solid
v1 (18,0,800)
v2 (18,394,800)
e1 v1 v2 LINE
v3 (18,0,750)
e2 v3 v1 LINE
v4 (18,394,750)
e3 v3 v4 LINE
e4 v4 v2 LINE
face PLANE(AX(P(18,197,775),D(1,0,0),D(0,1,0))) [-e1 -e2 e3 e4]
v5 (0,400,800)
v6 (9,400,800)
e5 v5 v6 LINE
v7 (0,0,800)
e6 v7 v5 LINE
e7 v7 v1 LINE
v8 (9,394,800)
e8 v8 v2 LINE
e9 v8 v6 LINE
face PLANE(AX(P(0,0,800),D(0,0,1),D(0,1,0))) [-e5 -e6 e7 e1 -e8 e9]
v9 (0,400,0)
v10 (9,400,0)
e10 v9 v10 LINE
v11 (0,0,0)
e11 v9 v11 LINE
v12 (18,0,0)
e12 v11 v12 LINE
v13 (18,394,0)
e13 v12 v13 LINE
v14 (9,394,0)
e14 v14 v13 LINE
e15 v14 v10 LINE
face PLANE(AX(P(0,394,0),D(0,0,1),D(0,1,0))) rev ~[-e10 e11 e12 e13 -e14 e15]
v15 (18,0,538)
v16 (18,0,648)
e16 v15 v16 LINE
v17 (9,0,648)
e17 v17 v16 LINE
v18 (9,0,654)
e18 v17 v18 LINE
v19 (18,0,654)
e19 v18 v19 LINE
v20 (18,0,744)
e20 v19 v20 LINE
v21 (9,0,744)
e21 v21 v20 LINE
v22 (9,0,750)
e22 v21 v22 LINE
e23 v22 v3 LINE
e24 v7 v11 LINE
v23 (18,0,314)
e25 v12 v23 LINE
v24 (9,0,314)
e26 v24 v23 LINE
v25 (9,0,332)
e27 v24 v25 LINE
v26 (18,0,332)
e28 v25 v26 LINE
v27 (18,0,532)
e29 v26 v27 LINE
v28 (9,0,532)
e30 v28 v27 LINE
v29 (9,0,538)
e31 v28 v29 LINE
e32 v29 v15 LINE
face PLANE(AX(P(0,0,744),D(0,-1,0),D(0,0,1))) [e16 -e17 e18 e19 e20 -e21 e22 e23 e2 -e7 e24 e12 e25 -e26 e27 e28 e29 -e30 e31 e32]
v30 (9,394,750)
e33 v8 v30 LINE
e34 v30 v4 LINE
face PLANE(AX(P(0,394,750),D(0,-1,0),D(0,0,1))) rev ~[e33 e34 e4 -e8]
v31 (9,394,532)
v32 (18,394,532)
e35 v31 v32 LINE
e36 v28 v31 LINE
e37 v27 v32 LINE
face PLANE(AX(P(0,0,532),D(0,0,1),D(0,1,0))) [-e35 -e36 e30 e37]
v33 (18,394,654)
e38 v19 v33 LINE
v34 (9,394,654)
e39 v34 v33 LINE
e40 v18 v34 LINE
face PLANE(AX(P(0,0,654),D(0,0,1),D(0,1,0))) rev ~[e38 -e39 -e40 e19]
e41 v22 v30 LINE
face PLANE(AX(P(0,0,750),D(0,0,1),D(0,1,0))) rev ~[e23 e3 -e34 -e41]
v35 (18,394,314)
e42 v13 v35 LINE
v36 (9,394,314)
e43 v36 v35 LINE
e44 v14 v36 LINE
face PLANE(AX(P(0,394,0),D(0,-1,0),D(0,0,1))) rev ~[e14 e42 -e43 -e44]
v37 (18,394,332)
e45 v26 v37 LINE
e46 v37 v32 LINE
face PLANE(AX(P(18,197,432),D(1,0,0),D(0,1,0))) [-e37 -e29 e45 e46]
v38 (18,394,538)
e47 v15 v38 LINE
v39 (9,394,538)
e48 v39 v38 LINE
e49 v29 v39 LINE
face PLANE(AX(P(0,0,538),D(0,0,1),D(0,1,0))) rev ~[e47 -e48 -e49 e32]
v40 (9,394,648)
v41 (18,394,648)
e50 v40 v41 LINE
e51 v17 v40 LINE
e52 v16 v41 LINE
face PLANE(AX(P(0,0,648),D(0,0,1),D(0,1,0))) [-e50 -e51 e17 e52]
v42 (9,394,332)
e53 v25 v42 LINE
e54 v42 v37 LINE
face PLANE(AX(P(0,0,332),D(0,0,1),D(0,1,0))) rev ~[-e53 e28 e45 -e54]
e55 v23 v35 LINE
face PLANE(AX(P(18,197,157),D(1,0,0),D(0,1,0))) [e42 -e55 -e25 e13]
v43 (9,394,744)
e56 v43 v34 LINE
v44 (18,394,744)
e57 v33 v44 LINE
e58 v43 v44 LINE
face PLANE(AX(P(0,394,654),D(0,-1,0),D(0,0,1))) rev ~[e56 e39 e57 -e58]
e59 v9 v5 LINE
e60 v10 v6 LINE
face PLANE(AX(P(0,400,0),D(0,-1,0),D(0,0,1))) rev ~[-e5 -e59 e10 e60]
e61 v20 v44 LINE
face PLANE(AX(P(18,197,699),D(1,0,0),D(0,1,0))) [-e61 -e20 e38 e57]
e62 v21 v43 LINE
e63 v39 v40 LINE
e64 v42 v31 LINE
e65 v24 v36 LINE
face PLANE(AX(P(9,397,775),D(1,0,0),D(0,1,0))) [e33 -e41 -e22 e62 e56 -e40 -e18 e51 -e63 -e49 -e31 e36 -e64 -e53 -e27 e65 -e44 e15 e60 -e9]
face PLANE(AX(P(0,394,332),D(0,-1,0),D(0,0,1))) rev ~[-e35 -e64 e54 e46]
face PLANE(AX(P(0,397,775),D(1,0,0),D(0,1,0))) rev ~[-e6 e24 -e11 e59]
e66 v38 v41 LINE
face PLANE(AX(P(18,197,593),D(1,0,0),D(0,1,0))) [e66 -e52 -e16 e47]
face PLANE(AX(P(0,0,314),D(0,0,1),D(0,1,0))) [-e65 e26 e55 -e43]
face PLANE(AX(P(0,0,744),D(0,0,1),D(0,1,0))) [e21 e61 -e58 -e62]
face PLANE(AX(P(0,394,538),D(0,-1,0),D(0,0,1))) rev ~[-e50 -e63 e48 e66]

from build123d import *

# Parameters (mm, degrees)
F0_W     = 394
F0_H     = 50
F1_DEPTH = 18
F0_H_2   = 90
F0_H_3   = 110
F0_H_4   = 200
F0_H_5   = 314
F0_W_2   = 6
F0_H_6   = 6
F0_H_7   = 18
F2_DEPTH = 9


with BuildPart() as f1:
    # F0 (on Right) → F1 (new body)
    with BuildSketch(Plane.YZ):
        with Locations((197, 775)):
            Rectangle(F0_W, F0_H)
    extrude(amount=F1_DEPTH)



with BuildPart() as f1b:
    # F0 (on Right) → F1, piece 2 (new body)
    with BuildSketch(Plane.YZ):
        with Locations((197, 699)):
            Rectangle(F0_W, F0_H_2)
    extrude(amount=F1_DEPTH)


with BuildPart() as f1c:
    # F0 (on Right) → F1, piece 3 (new body)
    with BuildSketch(Plane.YZ):
        with Locations((197, 593)):
            Rectangle(F0_W, F0_H_3)
    extrude(amount=F1_DEPTH)


with BuildPart() as f1d:
    # F0 (on Right) → F1, piece 4 (new body)
    with BuildSketch(Plane.YZ):
        with Locations((197, 432)):
            Rectangle(F0_W, F0_H_4)
    extrude(amount=F1_DEPTH)


with BuildPart() as f1e:
    # F0 (on Right) → F1, piece 5 (new body)
    with BuildSketch(Plane.YZ):
        with Locations((197, 157)):
            Rectangle(F0_W, F0_H_5)
    extrude(amount=F1_DEPTH)


with BuildPart() as f1_1:
    add(f1.part)

    add(f1b.part)  # F2 merges F1b

    add(f1c.part)  # F2 merges F1c

    add(f1d.part)  # F2 merges F1d

    add(f1e.part)  # F2 merges F1e
    # F0 (on Right) → F2 (join)
    with BuildSketch(Plane.YZ):
        with Locations((397, 775)):
            Rectangle(F0_W_2, F0_H)
        with Locations((397, 747)):
            Rectangle(F0_W_2, F0_H_6)
        with Locations((397, 699)):
            Rectangle(F0_W_2, F0_H_2)
        with Locations((197, 747)):
            Rectangle(F0_W, F0_H_6)
        with Locations((197, 651)):
            Rectangle(F0_W, F0_H_6)
        with Locations((397, 651)):
            Rectangle(F0_W_2, F0_H_6)
        with Locations((397, 593)):
            Rectangle(F0_W_2, F0_H_3)
        with Locations((197, 535)):
            Rectangle(F0_W, F0_H_6)
        with Locations((397, 535)):
            Rectangle(F0_W_2, F0_H_6)
        with Locations((397, 432)):
            Rectangle(F0_W_2, F0_H_4)
        with Locations((197, 323)):
            Rectangle(F0_W, F0_H_7)
        with Locations((397, 157)):
            Rectangle(F0_W_2, F0_H_5)
        with Locations((397, 323)):
            Rectangle(F0_W_2, F0_H_7)
    extrude(amount=F2_DEPTH)


solid = f1_1.part
